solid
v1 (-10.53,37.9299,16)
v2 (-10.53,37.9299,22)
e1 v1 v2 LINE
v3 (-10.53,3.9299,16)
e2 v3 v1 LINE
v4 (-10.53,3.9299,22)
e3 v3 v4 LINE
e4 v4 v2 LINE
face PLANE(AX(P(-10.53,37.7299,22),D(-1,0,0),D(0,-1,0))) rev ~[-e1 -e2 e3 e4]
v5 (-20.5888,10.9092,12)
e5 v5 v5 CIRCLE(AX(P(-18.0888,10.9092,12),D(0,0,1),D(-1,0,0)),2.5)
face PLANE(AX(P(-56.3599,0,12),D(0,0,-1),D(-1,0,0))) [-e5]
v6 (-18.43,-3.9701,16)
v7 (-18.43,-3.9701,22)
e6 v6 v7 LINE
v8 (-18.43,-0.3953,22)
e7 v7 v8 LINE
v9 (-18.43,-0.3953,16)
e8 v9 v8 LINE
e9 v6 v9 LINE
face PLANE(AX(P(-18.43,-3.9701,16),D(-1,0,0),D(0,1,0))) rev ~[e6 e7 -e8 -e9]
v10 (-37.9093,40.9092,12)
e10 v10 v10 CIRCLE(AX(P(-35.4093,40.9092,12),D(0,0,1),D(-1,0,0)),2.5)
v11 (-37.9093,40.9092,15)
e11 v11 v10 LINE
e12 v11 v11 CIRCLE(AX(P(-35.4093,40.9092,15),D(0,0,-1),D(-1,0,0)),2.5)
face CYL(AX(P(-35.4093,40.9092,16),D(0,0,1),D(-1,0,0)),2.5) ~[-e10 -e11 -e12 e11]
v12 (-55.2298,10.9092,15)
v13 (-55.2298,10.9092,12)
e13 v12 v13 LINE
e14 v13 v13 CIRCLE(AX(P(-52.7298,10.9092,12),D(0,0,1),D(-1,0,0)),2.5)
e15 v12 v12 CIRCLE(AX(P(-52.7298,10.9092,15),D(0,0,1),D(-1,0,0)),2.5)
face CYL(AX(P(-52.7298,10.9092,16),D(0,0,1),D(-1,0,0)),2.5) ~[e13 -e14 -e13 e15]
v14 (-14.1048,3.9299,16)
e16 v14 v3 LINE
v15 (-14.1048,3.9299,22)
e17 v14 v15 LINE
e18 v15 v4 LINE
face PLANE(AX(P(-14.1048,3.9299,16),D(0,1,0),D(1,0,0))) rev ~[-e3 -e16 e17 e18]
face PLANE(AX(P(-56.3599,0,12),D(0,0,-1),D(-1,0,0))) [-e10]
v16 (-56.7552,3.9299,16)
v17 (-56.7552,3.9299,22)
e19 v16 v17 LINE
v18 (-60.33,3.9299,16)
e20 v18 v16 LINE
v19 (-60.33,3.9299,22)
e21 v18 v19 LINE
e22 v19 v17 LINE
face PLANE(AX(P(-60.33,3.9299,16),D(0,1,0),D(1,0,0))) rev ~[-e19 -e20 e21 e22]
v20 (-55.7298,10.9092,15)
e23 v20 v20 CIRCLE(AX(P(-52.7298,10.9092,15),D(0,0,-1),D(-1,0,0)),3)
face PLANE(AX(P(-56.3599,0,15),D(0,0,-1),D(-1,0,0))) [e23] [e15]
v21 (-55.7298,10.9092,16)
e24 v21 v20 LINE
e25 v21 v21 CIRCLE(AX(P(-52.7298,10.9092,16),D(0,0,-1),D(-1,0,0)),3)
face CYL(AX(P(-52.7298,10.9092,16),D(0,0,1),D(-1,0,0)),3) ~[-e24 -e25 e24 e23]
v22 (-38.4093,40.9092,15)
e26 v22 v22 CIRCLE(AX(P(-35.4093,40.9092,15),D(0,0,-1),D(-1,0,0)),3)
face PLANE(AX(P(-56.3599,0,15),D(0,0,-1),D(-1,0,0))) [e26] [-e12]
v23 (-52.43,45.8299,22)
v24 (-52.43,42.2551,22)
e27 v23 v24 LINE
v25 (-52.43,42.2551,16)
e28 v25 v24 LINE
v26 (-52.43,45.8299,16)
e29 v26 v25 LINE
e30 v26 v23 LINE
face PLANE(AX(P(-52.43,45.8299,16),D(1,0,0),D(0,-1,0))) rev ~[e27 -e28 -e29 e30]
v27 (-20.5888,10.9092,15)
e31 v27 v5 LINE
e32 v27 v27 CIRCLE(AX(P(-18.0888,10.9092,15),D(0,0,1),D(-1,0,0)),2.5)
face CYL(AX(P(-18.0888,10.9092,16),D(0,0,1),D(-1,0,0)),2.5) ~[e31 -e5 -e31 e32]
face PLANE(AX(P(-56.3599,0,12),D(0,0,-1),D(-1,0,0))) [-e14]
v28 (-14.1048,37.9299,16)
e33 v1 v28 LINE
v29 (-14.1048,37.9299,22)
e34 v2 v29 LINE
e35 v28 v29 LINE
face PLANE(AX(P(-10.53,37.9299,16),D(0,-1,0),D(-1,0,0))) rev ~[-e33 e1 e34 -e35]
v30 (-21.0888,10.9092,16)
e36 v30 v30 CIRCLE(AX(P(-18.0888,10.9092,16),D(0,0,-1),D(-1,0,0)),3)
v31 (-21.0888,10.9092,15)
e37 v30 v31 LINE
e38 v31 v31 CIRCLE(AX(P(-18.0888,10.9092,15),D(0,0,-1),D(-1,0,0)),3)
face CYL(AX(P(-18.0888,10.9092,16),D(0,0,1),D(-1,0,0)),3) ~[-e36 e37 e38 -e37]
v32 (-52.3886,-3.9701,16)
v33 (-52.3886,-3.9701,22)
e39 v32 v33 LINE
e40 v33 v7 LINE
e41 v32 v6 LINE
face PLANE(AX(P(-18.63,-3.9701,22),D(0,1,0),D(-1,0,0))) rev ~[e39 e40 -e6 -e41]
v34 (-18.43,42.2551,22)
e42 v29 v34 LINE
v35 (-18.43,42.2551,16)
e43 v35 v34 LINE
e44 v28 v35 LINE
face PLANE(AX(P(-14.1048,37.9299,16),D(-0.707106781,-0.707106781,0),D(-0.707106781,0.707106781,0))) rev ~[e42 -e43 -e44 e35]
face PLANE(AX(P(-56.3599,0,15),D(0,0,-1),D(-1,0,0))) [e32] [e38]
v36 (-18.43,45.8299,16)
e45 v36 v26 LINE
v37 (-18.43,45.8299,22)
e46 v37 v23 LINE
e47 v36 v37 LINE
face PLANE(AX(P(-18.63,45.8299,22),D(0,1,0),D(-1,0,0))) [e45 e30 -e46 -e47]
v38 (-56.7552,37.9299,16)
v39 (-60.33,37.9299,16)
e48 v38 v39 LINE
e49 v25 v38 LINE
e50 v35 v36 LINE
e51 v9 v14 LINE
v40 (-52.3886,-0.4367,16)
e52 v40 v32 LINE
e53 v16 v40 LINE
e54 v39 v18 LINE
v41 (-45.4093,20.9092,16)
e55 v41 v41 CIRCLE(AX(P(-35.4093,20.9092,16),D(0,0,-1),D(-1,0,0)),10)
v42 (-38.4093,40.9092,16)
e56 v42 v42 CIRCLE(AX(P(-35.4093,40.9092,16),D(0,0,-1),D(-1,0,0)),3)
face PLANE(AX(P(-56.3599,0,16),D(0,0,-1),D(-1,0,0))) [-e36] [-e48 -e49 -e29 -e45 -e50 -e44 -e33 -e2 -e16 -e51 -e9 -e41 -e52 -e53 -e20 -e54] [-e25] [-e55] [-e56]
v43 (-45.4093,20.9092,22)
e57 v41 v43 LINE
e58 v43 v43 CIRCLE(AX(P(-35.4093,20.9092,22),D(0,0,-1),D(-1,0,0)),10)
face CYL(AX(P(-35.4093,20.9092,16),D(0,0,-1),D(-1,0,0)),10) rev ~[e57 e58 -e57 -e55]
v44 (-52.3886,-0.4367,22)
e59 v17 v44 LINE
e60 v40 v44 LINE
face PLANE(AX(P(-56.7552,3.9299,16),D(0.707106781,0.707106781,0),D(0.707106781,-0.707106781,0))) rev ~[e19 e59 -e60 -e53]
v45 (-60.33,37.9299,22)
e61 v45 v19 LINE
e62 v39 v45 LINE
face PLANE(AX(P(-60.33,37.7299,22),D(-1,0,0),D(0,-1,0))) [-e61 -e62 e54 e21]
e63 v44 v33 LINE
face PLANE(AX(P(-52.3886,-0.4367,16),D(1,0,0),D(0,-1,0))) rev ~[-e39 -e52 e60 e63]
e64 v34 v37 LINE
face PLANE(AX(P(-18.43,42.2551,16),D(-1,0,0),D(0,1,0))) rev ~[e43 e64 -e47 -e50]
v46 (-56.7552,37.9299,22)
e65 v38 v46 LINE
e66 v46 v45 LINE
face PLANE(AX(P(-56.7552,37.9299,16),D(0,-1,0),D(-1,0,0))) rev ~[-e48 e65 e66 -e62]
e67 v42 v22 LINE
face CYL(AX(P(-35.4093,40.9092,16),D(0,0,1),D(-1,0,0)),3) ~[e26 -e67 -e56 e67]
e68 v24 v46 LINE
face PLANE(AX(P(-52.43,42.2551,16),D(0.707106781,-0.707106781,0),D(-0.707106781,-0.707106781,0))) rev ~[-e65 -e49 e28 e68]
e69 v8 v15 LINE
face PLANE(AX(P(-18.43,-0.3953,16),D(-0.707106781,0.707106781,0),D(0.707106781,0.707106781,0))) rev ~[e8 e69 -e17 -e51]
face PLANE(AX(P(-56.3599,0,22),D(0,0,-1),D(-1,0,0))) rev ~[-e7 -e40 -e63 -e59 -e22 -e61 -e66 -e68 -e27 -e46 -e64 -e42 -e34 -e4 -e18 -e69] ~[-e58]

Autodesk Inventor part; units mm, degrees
ref_plane "YZ Plane" through (0, 0, 0) normal (1, 0, 0) x (0, 1, 0)
ref_plane "XZ Plane" through (0, 0, 0) normal (0, 1, 0) x (-1, 0, 0)
ref_plane "Work Plane1" through (-56.3599, 0, 22) normal (0, 0, -1) x (-1, 0, 0)
sketch "Sketch1" plane through (-56.3599, 0, 22) normal (0, 0, -1) x (-1, 0, 0)
  line L0 (-4.0299, -0.3538) -> (-2.2322, 1.4439) construction
  arc A0 (-1.4439, 2.2322) -> (-2.2322, 1.4439) centre (-0.9299, 0.9299) ccw construction
  line L1 (-1.4439, 2.2322) -> (0.3538, 4.0299) construction
  line L2 (-37.8299, 42.8299) -> (-37.8299, 37.8299) construction
  line L3 (-37.8299, 37.8299) -> (-42.9208, 37.8299) construction
  line L4 (-37.8299, 42.2137) -> (-37.8299, 45.8299) construction
  line L5 (-37.8299, 45.8299) -> (-4.0299, 45.8299) construction
  line L6 (-4.0299, 45.8299) -> (-4.0299, 42.2137) construction
  line L7 (-4.0299, 4.0299) -> (0.3538, 4.0299) projected
  circle A1 centre (-20.9299, 20.9299) radius 17.5 projected
  line L8 (-20.9299, 58.9723) -> (17.1124, 20.9299) construction
  line L9 (17.1124, 20.9299) -> (-20.9299, -17.1124) construction
  line L10 (-20.9299, -17.1124) -> (-58.9723, 20.9299) construction
  line L11 (-58.9723, 20.9299) -> (-20.9299, 58.9723) construction
  line L12 (-20.9299, 58.9723) -> (-20.9299, -17.1124) construction
  line L13 (17.1124, 20.9299) -> (-58.9723, 20.9299) construction
  line L14 (-20.9299, 58.9723) -> (32.8701, 58.9723) construction
  line L15 (-43.4299, 43.4299) -> (1.5701, 43.4299) construction
  line L16 (1.5701, 43.4299) -> (1.5701, -1.5701) construction
  line L17 (1.5701, -1.5701) -> (-43.4299, -1.5701) construction
  line L18 (-43.4299, -1.5701) -> (-43.4299, 43.4299) construction
  line L19 (-43.4299, 43.4299) -> (1.5701, -1.5701) construction
  line L20 (1.5701, 43.4299) -> (-43.4299, -1.5701) construction
  line L21 (-43.4299, 5.3876) -> (-43.4299, 36.4723)
  line L22 (-43.4299, 36.4723) -> (-36.4723, 43.4299)
  line L23 (-36.4723, 43.4299) -> (-5.3876, 43.4299)
  line L24 (-5.3876, 43.4299) -> (1.5701, 36.4723)
  line L25 (1.5701, 36.4723) -> (1.5701, 5.3876)
  line L26 (1.5701, 5.3876) -> (-5.3876, -1.5701)
  line L27 (-5.3876, -1.5701) -> (-36.4723, -1.5701)
  line L28 (-36.4723, -1.5701) -> (-43.4299, 5.3876)
  line L29 (-4.0299, 42.2137) -> (-37.8299, 42.2137) projected
  line L30 (-4.0299, -0.3538) -> (-4.0299, 4.0299) projected
  circle A2 centre (-20.9299, 20.9299) radius 1.5
  line L31 (-10.9299, 10.9299) -> (-30.9299, 10.9299) construction
  line L32 (-30.9299, 10.9299) -> (-30.9299, 30.9299) construction
  line L33 (-30.9299, 30.9299) -> (-10.9299, 30.9299) construction
  line L34 (-10.9299, 30.9299) -> (-10.9299, 10.9299) construction
  line L35 (-10.9299, 10.9299) -> (-30.9299, 30.9299) construction
  line L36 (-30.9299, 10.9299) -> (-10.9299, 30.9299) construction
  circle A3 centre (-30.9299, 30.9299) radius 1.4
  circle A4 centre (-30.9299, 10.9299) radius 1.4
  circle A5 centre (-10.9299, 10.9299) radius 1.4
  line L37 (-45.8299, 37.8299) -> (-42.0723, 37.8299) construction
  line L38 (-42.1723, 37.7299) -> (-45.8299, 37.7299)
  line L39 (-45.8299, 37.7299) -> (-45.8299, 4.1299)
  line L40 (-45.8299, 4.1299) -> (-42.1723, 4.1299)
  line L41 (-42.1723, 4.1299) -> (-42.1723, 37.7299)
  line L42 (-45.8299, 4.0299) -> (-42.0723, 4.0299) construction
  line L43 (-45.8299, 37.8299) -> (-42.0723, 37.8299) projected
  line L44 (-37.7299, 45.8299) -> (-4.1299, 45.8299)
  line L45 (-4.1299, 45.8299) -> (-4.1299, 42.1723)
  line L46 (-4.1299, 42.1723) -> (-37.7299, 42.1723)
  line L47 (-37.7299, 42.1723) -> (-37.7299, 45.8299)
  line L48 (0.4701, 37.8299) -> (0.4701, 4.0299) construction
  line L49 (0.4701, 4.0299) -> (3.9701, 4.0299) construction
  line L50 (3.9701, 37.8299) -> (3.9701, 4.0299) construction
  line L51 (0.4701, 37.8299) -> (3.9701, 37.8299) construction
  line L52 (-45.8299, -3.9701) -> (-4.0299, -3.9701) construction
  line L53 (0.3124, 37.7299) -> (3.9701, 37.7299)
  line L54 (3.9701, 37.7299) -> (3.9701, 4.1299)
  line L55 (3.9701, 4.1299) -> (0.3124, 4.1299)
  line L56 (0.3124, 4.1299) -> (0.3124, 37.7299)
  line L57 (-4.1713, -0.3538) -> (-37.7299, -0.3538)
  line L58 (-37.7299, -0.3538) -> (-37.7299, -3.9701)
  line L59 (-37.7299, -3.9701) -> (-4.1713, -3.9701)
  line L60 (-4.1713, -3.9701) -> (-4.1713, -0.3538)
  point P0 (-37.8299, 4.0299)
  dimension "d18" = 53.8
  dimension "d19" = 45
  dimension "d20" = 53.8
  dimension "d21" = 45
  dimension "d22" = 45
  dimension "d30" = 20
  dimension "d31" = 20
  dimension "d32" = 2.8
  dimension "d33" = 2.8
  dimension "d34" = 2.8
  dimension "d35" = 3
  dimension "d36" = 0.1
  dimension "d37" = 0.1
  dimension "d38" = 0.1
  dimension "d39" = 0.1
extrude "Extrusion1" add sketch "Sketch1" along normal blind 6 contours L30 L26 L57 L28 L41 L22 L46 L24 L56 L7 | L7 L26 L30 | L56 L24 L25 L26 | L26 L25 L24 L53 L54 L55 | L60 L59 L58 L57 L28 L27 L26 | L26 L27 L28 L57 | L46 L22 L29 L24 | L24 L29 L45 | L40 L39 L38 L22 L21 L28 | L28 L21 L22 L41 | L29 L22 L23 L24 | L24 L23 L22 L29 L47 L44 L45 | L47 L29 L22 | A1 | A2 | A3 | A4 | A5
sketch "Skizze4" plane through (-56.3599, 0, 16) normal (0, 0, -1) x (-1, 0, 0)
  line L0 (-37.7299, 42.1723) -> (-42.1723, 37.7299) projected
  line L1 (-42.1723, 37.7299) -> (-45.8299, 37.7299) projected
  line L2 (-45.8299, 37.7299) -> (-45.8299, 4.1299) construction
  line L3 (-45.8299, 4.1299) -> (-42.1723, 4.1299) projected
  line L4 (-42.1723, 4.1299) -> (-37.6885, -0.3538) projected
  line L5 (-37.6885, -0.3538) -> (-37.7299, -0.3538) projected
  line L6 (-37.7299, -0.3538) -> (-37.7299, -3.9701) projected
  line L7 (-37.7299, -3.9701) -> (-4.1713, -3.9701) construction
  line L8 (-4.1713, -3.9701) -> (-4.1713, -0.3538) projected
  line L9 (-4.1713, -0.3538) -> (0.3124, 4.1299) projected
  line L10 (0.3124, 4.1299) -> (3.9701, 4.1299) projected
  line L11 (3.9701, 4.1299) -> (3.9701, 37.7299) construction
  line L12 (3.9701, 37.7299) -> (0.3124, 37.7299) projected
  line L13 (0.3124, 37.7299) -> (-4.1299, 42.1723) projected
  line L14 (-4.1299, 42.1723) -> (-4.1299, 45.8299) projected
  line L15 (-4.1299, 45.8299) -> (-37.7299, 45.8299) construction
  line L16 (-37.7299, 45.8299) -> (-37.7299, 42.1723) projected
  line L17 (-37.9299, 46.0299) -> (-3.9299, 46.0299) construction
  line L18 (-3.9299, 46.0299) -> (-3.9299, 42.2551)
  line L19 (-3.9299, 42.2551) -> (0.3953, 37.9299)
  line L20 (0.3953, 37.9299) -> (4.1701, 37.9299)
  line L21 (4.1701, 37.9299) -> (4.1701, 3.9299) construction
  line L22 (4.1701, 3.9299) -> (0.3953, 3.9299)
  line L23 (0.3953, 3.9299) -> (-3.9713, -0.4367)
  line L24 (-3.9713, -0.4367) -> (-3.9713, -4.1701)
  line L25 (-3.9713, -4.1701) -> (-37.9299, -4.1701) construction
  line L26 (-37.9299, -4.1701) -> (-37.9299, -0.3953)
  line L27 (-37.9299, -0.3953) -> (-42.2551, 3.9299)
  line L28 (-42.2551, 3.9299) -> (-46.0299, 3.9299)
  line L29 (-46.0299, 3.9299) -> (-46.0299, 37.9299) construction
  line L30 (-46.0299, 37.9299) -> (-42.2551, 37.9299)
  line L31 (-42.2551, 37.9299) -> (-37.9299, 42.2551)
  line L32 (-37.9299, 42.2551) -> (-37.9299, 46.0299)
  line L33 (-45.8299, 37.7299) -> (-45.8299, 37.9299)
  line L34 (-4.1299, 45.8299) -> (-37.7299, 45.8299) projected
  line L35 (-37.7299, 45.8299) -> (-37.9299, 45.8299)
  line L36 (-4.1299, 45.8299) -> (-3.9299, 45.8299)
  line L37 (3.9701, 37.7299) -> (3.9701, 37.9299)
  line L38 (3.9701, 4.1299) -> (3.9701, 37.7299) projected
  line L39 (3.9701, 4.1299) -> (3.9701, 3.9299)
  line L40 (-4.1713, -3.9701) -> (-3.9713, -3.9701)
  line L41 (-37.7299, -3.9701) -> (-37.9299, -3.9701)
  line L42 (-45.8299, 4.1299) -> (-45.8299, 3.9299)
  point P0 (-56.3599, 0)
  dimension "d40" = 0.2
extrude "IM_offset" add sketch "Skizze4" against normal up to surface (6 mm away)
ref_plane "Arbeitsebene5" through (-35.4299, 3.9299, 22) normal (-1, 0, 0) x (0, 0, 1)
ref_plane "Arbeitsebene6" through (-18.4299, 20.9299, 22) normal (0, 1, 0) x (-1, 0, 0)
sketch "Skizze31" plane through (-56.3599, 0, 16) normal (0, 0, -1) x (-1, 0, 0)
  line L0 (3.9701, 3.9299) -> (3.9701, 37.9299) projected
  line L1 (3.9701, 37.9299) -> (0.3953, 37.9299) projected
  line L2 (0.3953, 37.9299) -> (-3.9299, 42.2551) projected
  line L3 (-3.9299, 42.2551) -> (-3.9299, 45.8299) projected
  line L4 (-3.9299, 45.8299) -> (-37.9299, 45.8299) projected
  line L5 (-37.9299, 45.8299) -> (-37.9299, 42.2551) projected
  line L6 (-37.9299, 42.2551) -> (-42.2551, 37.9299) projected
  line L7 (-42.2551, 37.9299) -> (-45.8299, 37.9299) projected
  line L8 (-45.8299, 37.9299) -> (-45.8299, 3.9299) projected
  line L9 (-42.2551, 3.9299) -> (-45.8299, 3.9299) projected
  line L10 (-37.9299, -0.3953) -> (-42.2551, 3.9299) projected
  line L11 (-37.9299, -3.9701) -> (-37.9299, -0.3953) projected
  line L12 (-3.9713, -3.9701) -> (-37.9299, -3.9701) projected
  line L13 (-3.9713, -3.9701) -> (-3.9713, -0.4367) projected
  line L14 (-3.9713, -0.4367) -> (0.3953, 3.9299) projected
  line L15 (0.3953, 3.9299) -> (3.9701, 3.9299) projected
  circle A0 centre (-20.9506, 20.9092) radius 10
  point P0 (-56.3599, 0)
  dimension "d181" = 20
extrude "Extrusion26" cut sketch "Skizze31" against normal blind 10 contours A0
sketch "Skizze32" plane through (-56.3599, 0, 16) normal (0, 0, -1) x (-1, 0, 0)
  circle A0 centre (-20.9506, 20.9092) radius 10 projected
  circle A1 centre (-20.9506, 20.9092) radius 15
  line L0 (-3.6301, 10.9092) -> (-38.2711, 10.9092)
  line L1 (-38.2711, 10.9092) -> (-20.9506, 40.9092)
  line L2 (-20.9506, 40.9092) -> (-3.6301, 10.9092)
  line L3 (-3.9713, -3.9701) -> (-37.9299, -3.9701) projected
  circle A2 centre (-3.6301, 10.9092) radius 2.5
  circle A3 centre (-38.2711, 10.9092) radius 2.5
  circle A4 centre (-20.9506, 40.9092) radius 2.5
  circle A5 centre (-3.6301, 10.9092) radius 4 construction
  circle A6 centre (-38.2711, 10.9092) radius 4 construction
  circle A7 centre (-20.9506, 40.9092) radius 4 construction
  point P0 (-56.3599, 0)
  dimension "d184" = 30
  dimension "d185" = 10
  dimension "d186" = 5
  dimension "d187" = 5
  dimension "d188" = 5
  dimension "d189" = 8
  dimension "d190" = 8
  dimension "d191" = 8
extrude "Extrusion27" add sketch "Skizze32" along normal blind 4 contours A4 L1 L2 | L2 L1 A4 | A2 L0 L2 | L2 L0 A2 | A3 L1 L0 | L0 L1 A3
sketch "Skizze33" plane through (-56.3599, 0, 16) normal (0, 0, -1) x (-1, 0, 0)
  circle A0 centre (-38.2711, 10.9092) radius 2.5 projected
  circle A1 centre (-3.6301, 10.9092) radius 2.5 projected
  circle A2 centre (-20.9506, 40.9092) radius 2.5 projected
  circle A3 centre (-20.9506, 20.9092) radius 10 projected
  line L0 (3.9701, 3.9299) -> (3.9701, 37.9299) projected
  line L1 (3.9701, 37.9299) -> (0.3953, 37.9299) projected
  line L2 (0.3953, 37.9299) -> (-3.9299, 42.2551) projected
  line L3 (-3.9299, 42.2551) -> (-3.9299, 45.8299) projected
  line L4 (-3.9299, 45.8299) -> (-37.9299, 45.8299) projected
  line L5 (-37.9299, 45.8299) -> (-37.9299, 42.2551) projected
  line L6 (-37.9299, 42.2551) -> (-42.2551, 37.9299) projected
  line L7 (-42.2551, 37.9299) -> (-45.8299, 37.9299) projected
  line L8 (-45.8299, 37.9299) -> (-45.8299, 3.9299) projected
  line L9 (-42.2551, 3.9299) -> (-45.8299, 3.9299) projected
  line L10 (-37.9299, -0.3953) -> (-42.2551, 3.9299) projected
  line L11 (-37.9299, -3.9701) -> (-37.9299, -0.3953) projected
  line L12 (-3.9713, -3.9701) -> (-37.9299, -3.9701) projected
  line L13 (-3.9713, -3.9701) -> (-3.9713, -0.4367) projected
  line L14 (-3.9713, -0.4367) -> (0.3953, 3.9299) projected
  line L15 (0.3953, 3.9299) -> (3.9701, 3.9299) projected
  circle A4 centre (-20.9506, 40.9092) radius 3
  circle A5 centre (-3.6301, 10.9092) radius 3
  circle A6 centre (-38.2711, 10.9092) radius 3
  point P0 (-56.3599, 0)
  dimension "d194" = 0.5
  dimension "d195" = 0.5
  dimension "d196" = 0.5
extrude "Extrusion28" add sketch "Skizze33" along normal blind 1 contours A0 | A1 | A4 | A5 | A6
properties part number "20_Cube_Insert_rotational_filtermount_v3.iam"
